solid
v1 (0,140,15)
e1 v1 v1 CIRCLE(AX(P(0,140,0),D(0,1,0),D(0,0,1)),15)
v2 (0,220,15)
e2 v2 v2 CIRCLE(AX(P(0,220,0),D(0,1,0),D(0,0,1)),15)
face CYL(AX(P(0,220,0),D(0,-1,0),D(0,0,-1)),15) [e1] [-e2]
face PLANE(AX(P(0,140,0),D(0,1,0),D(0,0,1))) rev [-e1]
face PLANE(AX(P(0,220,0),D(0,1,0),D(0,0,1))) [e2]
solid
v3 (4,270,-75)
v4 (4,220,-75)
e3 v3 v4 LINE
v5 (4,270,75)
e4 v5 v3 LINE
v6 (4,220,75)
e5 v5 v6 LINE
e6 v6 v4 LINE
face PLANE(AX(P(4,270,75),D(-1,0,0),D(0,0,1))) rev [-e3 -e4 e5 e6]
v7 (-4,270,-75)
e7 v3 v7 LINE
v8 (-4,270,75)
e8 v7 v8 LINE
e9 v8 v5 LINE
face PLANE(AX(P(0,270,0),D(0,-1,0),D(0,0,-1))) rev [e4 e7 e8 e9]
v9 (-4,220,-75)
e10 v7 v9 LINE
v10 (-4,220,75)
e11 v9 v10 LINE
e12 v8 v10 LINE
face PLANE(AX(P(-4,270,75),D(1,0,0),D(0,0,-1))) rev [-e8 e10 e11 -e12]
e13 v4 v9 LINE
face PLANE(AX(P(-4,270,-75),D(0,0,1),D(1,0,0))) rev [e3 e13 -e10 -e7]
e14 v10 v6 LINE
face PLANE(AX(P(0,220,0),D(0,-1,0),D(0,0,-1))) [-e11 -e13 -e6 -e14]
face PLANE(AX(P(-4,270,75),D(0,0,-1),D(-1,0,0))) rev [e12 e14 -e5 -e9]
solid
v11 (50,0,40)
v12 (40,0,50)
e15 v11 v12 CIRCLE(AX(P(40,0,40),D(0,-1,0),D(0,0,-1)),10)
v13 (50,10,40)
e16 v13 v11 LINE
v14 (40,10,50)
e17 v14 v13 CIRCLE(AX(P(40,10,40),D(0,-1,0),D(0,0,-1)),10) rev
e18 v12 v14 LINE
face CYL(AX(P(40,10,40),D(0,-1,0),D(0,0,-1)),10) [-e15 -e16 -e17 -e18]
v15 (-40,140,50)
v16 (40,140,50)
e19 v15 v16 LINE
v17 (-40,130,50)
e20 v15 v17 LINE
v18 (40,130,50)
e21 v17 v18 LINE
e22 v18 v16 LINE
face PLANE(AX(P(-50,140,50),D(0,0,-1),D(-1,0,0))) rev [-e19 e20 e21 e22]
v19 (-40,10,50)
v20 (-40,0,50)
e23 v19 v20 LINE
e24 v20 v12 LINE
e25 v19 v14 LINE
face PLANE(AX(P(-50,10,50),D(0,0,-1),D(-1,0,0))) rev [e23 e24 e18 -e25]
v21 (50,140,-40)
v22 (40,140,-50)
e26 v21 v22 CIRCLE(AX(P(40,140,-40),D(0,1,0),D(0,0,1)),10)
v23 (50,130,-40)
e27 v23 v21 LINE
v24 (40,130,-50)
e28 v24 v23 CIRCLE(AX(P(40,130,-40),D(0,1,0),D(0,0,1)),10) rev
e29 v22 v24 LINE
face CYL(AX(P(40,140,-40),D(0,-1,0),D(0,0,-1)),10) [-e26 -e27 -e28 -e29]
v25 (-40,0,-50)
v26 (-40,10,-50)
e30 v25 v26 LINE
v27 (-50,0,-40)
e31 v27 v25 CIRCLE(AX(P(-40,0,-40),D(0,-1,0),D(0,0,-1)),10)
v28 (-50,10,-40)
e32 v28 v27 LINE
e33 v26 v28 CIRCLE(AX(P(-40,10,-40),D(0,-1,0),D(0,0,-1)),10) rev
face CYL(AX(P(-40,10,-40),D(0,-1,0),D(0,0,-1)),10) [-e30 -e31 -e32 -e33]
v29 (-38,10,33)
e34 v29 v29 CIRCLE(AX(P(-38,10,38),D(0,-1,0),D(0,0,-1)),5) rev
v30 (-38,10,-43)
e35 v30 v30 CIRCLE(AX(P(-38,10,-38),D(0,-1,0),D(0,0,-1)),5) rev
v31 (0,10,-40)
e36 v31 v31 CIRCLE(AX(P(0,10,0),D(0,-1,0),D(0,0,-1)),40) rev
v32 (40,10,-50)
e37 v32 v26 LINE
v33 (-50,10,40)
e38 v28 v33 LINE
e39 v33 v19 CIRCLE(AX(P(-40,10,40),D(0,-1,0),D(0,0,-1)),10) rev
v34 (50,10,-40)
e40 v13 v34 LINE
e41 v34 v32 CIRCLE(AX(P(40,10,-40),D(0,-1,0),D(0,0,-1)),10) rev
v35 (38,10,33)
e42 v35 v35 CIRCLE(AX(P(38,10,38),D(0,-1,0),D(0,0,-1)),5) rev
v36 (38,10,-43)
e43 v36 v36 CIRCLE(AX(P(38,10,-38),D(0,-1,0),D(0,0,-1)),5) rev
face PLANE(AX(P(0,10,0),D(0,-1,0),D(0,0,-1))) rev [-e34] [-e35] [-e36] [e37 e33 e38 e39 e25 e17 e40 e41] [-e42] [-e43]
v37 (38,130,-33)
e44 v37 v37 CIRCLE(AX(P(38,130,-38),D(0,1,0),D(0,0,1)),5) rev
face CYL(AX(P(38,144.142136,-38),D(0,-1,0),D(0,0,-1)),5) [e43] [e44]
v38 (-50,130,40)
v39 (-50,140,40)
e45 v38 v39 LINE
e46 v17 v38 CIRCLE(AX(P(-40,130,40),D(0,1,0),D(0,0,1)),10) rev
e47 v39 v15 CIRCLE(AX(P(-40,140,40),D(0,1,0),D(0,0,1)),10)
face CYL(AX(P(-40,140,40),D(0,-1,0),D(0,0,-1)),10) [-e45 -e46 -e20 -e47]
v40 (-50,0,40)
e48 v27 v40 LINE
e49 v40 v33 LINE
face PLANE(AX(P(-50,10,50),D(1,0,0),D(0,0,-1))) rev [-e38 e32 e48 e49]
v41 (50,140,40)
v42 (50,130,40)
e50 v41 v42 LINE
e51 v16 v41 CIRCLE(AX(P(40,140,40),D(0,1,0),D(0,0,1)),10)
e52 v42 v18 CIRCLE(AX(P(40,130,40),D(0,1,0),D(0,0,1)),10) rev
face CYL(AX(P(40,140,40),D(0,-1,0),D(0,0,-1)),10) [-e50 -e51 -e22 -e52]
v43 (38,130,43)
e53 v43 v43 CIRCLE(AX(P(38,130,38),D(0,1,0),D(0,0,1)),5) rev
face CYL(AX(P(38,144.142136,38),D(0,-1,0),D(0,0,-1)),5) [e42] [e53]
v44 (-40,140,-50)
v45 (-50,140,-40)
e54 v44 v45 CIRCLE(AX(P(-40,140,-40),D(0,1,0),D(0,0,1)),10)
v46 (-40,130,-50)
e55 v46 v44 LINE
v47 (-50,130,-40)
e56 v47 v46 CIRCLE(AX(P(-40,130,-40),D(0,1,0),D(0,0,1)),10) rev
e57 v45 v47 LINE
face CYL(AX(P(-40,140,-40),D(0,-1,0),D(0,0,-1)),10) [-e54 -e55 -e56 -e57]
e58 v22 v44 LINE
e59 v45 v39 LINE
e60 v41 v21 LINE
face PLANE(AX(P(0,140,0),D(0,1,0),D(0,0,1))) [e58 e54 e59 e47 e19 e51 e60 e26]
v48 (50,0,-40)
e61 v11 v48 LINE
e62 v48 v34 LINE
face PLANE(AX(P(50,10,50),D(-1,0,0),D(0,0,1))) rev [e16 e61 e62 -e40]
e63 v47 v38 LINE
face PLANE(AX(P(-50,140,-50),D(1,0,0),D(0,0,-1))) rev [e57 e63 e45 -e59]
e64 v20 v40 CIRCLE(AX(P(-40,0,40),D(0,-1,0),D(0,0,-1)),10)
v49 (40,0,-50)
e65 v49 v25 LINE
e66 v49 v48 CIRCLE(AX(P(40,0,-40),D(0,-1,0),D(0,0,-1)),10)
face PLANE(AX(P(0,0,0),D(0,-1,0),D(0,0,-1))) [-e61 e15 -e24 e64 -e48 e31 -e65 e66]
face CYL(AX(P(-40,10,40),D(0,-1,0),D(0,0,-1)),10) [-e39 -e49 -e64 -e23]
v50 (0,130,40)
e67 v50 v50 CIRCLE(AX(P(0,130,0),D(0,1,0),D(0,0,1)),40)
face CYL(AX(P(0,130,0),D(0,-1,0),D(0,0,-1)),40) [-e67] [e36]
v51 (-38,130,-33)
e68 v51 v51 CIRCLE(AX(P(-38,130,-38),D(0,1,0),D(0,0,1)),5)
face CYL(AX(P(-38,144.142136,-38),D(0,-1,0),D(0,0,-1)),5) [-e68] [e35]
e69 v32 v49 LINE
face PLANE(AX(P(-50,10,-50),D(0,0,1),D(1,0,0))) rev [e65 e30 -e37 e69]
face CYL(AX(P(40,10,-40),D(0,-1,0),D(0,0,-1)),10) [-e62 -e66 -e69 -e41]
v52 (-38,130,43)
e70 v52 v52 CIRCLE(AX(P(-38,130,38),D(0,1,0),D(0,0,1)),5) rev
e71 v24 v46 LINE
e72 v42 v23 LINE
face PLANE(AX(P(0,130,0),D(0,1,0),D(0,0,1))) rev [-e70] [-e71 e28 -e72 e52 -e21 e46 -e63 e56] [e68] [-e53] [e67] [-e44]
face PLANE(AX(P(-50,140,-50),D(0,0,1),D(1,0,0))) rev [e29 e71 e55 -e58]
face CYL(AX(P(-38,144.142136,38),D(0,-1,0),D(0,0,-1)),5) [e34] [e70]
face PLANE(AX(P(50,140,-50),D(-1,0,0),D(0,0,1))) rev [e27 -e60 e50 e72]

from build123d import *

# Parameters (mm, degrees)
SKETCH1_W           = 100
SKETCH1_H           = 100
BOSS_EXTRUDE1_DEPTH = 10
SKETCH2_R           = 40
BOSS_EXTRUDE2_DEPTH = 120
SKETCH3_W           = 100
SKETCH3_H           = 100
BOSS_EXTRUDE3_DEPTH = 10
SKETCH4_R           = 15
BOSS_EXTRUDE4_DEPTH = 80
SKETCH5_R           = 5
BOSS_EXTRUDE5_DEPTH = 120
FILLET1_R           = 10
SKETCH6_W           = 8
SKETCH6_H           = 150
BOSS_EXTRUDE6_DEPTH = 50


with BuildPart() as part:
    # Sketch1 → Boss-Extrude1 (new body)
    with BuildSketch(Plane(origin=(0, 0, 0), x_dir=(1, 0, 0), z_dir=(0, 1, 0))):
        Rectangle(SKETCH1_W, SKETCH1_H)
    extrude(amount=BOSS_EXTRUDE1_DEPTH)



with BuildPart() as body_2:
    # Sketch2 → Boss-Extrude2 (new body)
    with BuildSketch(Plane(origin=(0, 10, 0), x_dir=(1, 0, 0), z_dir=(0, 1, 0))):
        with Locations(Location((0, 0, 0), (0, 0, 270))):
            Circle(SKETCH2_R)
    extrude(amount=BOSS_EXTRUDE2_DEPTH)


with BuildPart() as body_3:
    # Sketch3 → Boss-Extrude3 (new body)
    with BuildSketch(Plane(origin=(0, 130, 0), x_dir=(1, 0, 0), z_dir=(0, 1, 0))):
        Rectangle(SKETCH3_W, SKETCH3_H)
    extrude(amount=BOSS_EXTRUDE3_DEPTH)


with BuildPart() as body_4:
    # Sketch4 → Boss-Extrude4 (new body)
    with BuildSketch(Plane(origin=(0, 140, 0), x_dir=(1, 0, 0), z_dir=(0, 1, 0))):
        with Locations(Location((0, 0, 0), (0, 0, 270))):
            Circle(SKETCH4_R)
    extrude(amount=BOSS_EXTRUDE4_DEPTH)


with BuildPart() as part_1:
    add(part.part)

    add(body_2.part)  # Boss-Extrude5 merges body 2

    add(body_3.part)  # Boss-Extrude5 merges body 3
    # Sketch5 → Boss-Extrude5 (add)
    with BuildSketch(Plane(origin=(0, 10, 0), x_dir=(1, 0, 0), z_dir=(0, 1, 0))):
        with Locations(Location((-38, 38, 0), (0, 0, 90))):
            Circle(SKETCH5_R)
        with Locations(Location((38, 38, 0), (0, 0, 90))):
            Circle(SKETCH5_R)
        with Locations(Location((38, -38, 0), (0, 0, 90))):
            Circle(SKETCH5_R)
        with Locations(Location((-38, -38, 0), (0, 0, 90))):
            Circle(SKETCH5_R)
    extrude(amount=BOSS_EXTRUDE5_DEPTH)

    # Fillet1
    fillet1_edges = [part_1.edges().sort_by_distance(p)[0] for p in [
        (-50, 135, -50),
        (-50, 135, 50),
        (50, 135, 50),
        (50, 135, -50),
        (50, 5, 50),
        (-50, 5, 50),
        (-50, 5, -50),
        (50, 5, -50),
    ]]
    fillet(fillet1_edges, radius=FILLET1_R)


with BuildPart() as body_3_2:
    # Sketch6 → Boss-Extrude6 (new body)
    with BuildSketch(Plane(origin=(0, 220, 0), x_dir=(1, 0, 0), z_dir=(0, 1, 0))):
        Rectangle(SKETCH6_W, SKETCH6_H)
    extrude(amount=BOSS_EXTRUDE6_DEPTH)


solid = Compound([body_4.part, part_1.part, body_3_2.part])
